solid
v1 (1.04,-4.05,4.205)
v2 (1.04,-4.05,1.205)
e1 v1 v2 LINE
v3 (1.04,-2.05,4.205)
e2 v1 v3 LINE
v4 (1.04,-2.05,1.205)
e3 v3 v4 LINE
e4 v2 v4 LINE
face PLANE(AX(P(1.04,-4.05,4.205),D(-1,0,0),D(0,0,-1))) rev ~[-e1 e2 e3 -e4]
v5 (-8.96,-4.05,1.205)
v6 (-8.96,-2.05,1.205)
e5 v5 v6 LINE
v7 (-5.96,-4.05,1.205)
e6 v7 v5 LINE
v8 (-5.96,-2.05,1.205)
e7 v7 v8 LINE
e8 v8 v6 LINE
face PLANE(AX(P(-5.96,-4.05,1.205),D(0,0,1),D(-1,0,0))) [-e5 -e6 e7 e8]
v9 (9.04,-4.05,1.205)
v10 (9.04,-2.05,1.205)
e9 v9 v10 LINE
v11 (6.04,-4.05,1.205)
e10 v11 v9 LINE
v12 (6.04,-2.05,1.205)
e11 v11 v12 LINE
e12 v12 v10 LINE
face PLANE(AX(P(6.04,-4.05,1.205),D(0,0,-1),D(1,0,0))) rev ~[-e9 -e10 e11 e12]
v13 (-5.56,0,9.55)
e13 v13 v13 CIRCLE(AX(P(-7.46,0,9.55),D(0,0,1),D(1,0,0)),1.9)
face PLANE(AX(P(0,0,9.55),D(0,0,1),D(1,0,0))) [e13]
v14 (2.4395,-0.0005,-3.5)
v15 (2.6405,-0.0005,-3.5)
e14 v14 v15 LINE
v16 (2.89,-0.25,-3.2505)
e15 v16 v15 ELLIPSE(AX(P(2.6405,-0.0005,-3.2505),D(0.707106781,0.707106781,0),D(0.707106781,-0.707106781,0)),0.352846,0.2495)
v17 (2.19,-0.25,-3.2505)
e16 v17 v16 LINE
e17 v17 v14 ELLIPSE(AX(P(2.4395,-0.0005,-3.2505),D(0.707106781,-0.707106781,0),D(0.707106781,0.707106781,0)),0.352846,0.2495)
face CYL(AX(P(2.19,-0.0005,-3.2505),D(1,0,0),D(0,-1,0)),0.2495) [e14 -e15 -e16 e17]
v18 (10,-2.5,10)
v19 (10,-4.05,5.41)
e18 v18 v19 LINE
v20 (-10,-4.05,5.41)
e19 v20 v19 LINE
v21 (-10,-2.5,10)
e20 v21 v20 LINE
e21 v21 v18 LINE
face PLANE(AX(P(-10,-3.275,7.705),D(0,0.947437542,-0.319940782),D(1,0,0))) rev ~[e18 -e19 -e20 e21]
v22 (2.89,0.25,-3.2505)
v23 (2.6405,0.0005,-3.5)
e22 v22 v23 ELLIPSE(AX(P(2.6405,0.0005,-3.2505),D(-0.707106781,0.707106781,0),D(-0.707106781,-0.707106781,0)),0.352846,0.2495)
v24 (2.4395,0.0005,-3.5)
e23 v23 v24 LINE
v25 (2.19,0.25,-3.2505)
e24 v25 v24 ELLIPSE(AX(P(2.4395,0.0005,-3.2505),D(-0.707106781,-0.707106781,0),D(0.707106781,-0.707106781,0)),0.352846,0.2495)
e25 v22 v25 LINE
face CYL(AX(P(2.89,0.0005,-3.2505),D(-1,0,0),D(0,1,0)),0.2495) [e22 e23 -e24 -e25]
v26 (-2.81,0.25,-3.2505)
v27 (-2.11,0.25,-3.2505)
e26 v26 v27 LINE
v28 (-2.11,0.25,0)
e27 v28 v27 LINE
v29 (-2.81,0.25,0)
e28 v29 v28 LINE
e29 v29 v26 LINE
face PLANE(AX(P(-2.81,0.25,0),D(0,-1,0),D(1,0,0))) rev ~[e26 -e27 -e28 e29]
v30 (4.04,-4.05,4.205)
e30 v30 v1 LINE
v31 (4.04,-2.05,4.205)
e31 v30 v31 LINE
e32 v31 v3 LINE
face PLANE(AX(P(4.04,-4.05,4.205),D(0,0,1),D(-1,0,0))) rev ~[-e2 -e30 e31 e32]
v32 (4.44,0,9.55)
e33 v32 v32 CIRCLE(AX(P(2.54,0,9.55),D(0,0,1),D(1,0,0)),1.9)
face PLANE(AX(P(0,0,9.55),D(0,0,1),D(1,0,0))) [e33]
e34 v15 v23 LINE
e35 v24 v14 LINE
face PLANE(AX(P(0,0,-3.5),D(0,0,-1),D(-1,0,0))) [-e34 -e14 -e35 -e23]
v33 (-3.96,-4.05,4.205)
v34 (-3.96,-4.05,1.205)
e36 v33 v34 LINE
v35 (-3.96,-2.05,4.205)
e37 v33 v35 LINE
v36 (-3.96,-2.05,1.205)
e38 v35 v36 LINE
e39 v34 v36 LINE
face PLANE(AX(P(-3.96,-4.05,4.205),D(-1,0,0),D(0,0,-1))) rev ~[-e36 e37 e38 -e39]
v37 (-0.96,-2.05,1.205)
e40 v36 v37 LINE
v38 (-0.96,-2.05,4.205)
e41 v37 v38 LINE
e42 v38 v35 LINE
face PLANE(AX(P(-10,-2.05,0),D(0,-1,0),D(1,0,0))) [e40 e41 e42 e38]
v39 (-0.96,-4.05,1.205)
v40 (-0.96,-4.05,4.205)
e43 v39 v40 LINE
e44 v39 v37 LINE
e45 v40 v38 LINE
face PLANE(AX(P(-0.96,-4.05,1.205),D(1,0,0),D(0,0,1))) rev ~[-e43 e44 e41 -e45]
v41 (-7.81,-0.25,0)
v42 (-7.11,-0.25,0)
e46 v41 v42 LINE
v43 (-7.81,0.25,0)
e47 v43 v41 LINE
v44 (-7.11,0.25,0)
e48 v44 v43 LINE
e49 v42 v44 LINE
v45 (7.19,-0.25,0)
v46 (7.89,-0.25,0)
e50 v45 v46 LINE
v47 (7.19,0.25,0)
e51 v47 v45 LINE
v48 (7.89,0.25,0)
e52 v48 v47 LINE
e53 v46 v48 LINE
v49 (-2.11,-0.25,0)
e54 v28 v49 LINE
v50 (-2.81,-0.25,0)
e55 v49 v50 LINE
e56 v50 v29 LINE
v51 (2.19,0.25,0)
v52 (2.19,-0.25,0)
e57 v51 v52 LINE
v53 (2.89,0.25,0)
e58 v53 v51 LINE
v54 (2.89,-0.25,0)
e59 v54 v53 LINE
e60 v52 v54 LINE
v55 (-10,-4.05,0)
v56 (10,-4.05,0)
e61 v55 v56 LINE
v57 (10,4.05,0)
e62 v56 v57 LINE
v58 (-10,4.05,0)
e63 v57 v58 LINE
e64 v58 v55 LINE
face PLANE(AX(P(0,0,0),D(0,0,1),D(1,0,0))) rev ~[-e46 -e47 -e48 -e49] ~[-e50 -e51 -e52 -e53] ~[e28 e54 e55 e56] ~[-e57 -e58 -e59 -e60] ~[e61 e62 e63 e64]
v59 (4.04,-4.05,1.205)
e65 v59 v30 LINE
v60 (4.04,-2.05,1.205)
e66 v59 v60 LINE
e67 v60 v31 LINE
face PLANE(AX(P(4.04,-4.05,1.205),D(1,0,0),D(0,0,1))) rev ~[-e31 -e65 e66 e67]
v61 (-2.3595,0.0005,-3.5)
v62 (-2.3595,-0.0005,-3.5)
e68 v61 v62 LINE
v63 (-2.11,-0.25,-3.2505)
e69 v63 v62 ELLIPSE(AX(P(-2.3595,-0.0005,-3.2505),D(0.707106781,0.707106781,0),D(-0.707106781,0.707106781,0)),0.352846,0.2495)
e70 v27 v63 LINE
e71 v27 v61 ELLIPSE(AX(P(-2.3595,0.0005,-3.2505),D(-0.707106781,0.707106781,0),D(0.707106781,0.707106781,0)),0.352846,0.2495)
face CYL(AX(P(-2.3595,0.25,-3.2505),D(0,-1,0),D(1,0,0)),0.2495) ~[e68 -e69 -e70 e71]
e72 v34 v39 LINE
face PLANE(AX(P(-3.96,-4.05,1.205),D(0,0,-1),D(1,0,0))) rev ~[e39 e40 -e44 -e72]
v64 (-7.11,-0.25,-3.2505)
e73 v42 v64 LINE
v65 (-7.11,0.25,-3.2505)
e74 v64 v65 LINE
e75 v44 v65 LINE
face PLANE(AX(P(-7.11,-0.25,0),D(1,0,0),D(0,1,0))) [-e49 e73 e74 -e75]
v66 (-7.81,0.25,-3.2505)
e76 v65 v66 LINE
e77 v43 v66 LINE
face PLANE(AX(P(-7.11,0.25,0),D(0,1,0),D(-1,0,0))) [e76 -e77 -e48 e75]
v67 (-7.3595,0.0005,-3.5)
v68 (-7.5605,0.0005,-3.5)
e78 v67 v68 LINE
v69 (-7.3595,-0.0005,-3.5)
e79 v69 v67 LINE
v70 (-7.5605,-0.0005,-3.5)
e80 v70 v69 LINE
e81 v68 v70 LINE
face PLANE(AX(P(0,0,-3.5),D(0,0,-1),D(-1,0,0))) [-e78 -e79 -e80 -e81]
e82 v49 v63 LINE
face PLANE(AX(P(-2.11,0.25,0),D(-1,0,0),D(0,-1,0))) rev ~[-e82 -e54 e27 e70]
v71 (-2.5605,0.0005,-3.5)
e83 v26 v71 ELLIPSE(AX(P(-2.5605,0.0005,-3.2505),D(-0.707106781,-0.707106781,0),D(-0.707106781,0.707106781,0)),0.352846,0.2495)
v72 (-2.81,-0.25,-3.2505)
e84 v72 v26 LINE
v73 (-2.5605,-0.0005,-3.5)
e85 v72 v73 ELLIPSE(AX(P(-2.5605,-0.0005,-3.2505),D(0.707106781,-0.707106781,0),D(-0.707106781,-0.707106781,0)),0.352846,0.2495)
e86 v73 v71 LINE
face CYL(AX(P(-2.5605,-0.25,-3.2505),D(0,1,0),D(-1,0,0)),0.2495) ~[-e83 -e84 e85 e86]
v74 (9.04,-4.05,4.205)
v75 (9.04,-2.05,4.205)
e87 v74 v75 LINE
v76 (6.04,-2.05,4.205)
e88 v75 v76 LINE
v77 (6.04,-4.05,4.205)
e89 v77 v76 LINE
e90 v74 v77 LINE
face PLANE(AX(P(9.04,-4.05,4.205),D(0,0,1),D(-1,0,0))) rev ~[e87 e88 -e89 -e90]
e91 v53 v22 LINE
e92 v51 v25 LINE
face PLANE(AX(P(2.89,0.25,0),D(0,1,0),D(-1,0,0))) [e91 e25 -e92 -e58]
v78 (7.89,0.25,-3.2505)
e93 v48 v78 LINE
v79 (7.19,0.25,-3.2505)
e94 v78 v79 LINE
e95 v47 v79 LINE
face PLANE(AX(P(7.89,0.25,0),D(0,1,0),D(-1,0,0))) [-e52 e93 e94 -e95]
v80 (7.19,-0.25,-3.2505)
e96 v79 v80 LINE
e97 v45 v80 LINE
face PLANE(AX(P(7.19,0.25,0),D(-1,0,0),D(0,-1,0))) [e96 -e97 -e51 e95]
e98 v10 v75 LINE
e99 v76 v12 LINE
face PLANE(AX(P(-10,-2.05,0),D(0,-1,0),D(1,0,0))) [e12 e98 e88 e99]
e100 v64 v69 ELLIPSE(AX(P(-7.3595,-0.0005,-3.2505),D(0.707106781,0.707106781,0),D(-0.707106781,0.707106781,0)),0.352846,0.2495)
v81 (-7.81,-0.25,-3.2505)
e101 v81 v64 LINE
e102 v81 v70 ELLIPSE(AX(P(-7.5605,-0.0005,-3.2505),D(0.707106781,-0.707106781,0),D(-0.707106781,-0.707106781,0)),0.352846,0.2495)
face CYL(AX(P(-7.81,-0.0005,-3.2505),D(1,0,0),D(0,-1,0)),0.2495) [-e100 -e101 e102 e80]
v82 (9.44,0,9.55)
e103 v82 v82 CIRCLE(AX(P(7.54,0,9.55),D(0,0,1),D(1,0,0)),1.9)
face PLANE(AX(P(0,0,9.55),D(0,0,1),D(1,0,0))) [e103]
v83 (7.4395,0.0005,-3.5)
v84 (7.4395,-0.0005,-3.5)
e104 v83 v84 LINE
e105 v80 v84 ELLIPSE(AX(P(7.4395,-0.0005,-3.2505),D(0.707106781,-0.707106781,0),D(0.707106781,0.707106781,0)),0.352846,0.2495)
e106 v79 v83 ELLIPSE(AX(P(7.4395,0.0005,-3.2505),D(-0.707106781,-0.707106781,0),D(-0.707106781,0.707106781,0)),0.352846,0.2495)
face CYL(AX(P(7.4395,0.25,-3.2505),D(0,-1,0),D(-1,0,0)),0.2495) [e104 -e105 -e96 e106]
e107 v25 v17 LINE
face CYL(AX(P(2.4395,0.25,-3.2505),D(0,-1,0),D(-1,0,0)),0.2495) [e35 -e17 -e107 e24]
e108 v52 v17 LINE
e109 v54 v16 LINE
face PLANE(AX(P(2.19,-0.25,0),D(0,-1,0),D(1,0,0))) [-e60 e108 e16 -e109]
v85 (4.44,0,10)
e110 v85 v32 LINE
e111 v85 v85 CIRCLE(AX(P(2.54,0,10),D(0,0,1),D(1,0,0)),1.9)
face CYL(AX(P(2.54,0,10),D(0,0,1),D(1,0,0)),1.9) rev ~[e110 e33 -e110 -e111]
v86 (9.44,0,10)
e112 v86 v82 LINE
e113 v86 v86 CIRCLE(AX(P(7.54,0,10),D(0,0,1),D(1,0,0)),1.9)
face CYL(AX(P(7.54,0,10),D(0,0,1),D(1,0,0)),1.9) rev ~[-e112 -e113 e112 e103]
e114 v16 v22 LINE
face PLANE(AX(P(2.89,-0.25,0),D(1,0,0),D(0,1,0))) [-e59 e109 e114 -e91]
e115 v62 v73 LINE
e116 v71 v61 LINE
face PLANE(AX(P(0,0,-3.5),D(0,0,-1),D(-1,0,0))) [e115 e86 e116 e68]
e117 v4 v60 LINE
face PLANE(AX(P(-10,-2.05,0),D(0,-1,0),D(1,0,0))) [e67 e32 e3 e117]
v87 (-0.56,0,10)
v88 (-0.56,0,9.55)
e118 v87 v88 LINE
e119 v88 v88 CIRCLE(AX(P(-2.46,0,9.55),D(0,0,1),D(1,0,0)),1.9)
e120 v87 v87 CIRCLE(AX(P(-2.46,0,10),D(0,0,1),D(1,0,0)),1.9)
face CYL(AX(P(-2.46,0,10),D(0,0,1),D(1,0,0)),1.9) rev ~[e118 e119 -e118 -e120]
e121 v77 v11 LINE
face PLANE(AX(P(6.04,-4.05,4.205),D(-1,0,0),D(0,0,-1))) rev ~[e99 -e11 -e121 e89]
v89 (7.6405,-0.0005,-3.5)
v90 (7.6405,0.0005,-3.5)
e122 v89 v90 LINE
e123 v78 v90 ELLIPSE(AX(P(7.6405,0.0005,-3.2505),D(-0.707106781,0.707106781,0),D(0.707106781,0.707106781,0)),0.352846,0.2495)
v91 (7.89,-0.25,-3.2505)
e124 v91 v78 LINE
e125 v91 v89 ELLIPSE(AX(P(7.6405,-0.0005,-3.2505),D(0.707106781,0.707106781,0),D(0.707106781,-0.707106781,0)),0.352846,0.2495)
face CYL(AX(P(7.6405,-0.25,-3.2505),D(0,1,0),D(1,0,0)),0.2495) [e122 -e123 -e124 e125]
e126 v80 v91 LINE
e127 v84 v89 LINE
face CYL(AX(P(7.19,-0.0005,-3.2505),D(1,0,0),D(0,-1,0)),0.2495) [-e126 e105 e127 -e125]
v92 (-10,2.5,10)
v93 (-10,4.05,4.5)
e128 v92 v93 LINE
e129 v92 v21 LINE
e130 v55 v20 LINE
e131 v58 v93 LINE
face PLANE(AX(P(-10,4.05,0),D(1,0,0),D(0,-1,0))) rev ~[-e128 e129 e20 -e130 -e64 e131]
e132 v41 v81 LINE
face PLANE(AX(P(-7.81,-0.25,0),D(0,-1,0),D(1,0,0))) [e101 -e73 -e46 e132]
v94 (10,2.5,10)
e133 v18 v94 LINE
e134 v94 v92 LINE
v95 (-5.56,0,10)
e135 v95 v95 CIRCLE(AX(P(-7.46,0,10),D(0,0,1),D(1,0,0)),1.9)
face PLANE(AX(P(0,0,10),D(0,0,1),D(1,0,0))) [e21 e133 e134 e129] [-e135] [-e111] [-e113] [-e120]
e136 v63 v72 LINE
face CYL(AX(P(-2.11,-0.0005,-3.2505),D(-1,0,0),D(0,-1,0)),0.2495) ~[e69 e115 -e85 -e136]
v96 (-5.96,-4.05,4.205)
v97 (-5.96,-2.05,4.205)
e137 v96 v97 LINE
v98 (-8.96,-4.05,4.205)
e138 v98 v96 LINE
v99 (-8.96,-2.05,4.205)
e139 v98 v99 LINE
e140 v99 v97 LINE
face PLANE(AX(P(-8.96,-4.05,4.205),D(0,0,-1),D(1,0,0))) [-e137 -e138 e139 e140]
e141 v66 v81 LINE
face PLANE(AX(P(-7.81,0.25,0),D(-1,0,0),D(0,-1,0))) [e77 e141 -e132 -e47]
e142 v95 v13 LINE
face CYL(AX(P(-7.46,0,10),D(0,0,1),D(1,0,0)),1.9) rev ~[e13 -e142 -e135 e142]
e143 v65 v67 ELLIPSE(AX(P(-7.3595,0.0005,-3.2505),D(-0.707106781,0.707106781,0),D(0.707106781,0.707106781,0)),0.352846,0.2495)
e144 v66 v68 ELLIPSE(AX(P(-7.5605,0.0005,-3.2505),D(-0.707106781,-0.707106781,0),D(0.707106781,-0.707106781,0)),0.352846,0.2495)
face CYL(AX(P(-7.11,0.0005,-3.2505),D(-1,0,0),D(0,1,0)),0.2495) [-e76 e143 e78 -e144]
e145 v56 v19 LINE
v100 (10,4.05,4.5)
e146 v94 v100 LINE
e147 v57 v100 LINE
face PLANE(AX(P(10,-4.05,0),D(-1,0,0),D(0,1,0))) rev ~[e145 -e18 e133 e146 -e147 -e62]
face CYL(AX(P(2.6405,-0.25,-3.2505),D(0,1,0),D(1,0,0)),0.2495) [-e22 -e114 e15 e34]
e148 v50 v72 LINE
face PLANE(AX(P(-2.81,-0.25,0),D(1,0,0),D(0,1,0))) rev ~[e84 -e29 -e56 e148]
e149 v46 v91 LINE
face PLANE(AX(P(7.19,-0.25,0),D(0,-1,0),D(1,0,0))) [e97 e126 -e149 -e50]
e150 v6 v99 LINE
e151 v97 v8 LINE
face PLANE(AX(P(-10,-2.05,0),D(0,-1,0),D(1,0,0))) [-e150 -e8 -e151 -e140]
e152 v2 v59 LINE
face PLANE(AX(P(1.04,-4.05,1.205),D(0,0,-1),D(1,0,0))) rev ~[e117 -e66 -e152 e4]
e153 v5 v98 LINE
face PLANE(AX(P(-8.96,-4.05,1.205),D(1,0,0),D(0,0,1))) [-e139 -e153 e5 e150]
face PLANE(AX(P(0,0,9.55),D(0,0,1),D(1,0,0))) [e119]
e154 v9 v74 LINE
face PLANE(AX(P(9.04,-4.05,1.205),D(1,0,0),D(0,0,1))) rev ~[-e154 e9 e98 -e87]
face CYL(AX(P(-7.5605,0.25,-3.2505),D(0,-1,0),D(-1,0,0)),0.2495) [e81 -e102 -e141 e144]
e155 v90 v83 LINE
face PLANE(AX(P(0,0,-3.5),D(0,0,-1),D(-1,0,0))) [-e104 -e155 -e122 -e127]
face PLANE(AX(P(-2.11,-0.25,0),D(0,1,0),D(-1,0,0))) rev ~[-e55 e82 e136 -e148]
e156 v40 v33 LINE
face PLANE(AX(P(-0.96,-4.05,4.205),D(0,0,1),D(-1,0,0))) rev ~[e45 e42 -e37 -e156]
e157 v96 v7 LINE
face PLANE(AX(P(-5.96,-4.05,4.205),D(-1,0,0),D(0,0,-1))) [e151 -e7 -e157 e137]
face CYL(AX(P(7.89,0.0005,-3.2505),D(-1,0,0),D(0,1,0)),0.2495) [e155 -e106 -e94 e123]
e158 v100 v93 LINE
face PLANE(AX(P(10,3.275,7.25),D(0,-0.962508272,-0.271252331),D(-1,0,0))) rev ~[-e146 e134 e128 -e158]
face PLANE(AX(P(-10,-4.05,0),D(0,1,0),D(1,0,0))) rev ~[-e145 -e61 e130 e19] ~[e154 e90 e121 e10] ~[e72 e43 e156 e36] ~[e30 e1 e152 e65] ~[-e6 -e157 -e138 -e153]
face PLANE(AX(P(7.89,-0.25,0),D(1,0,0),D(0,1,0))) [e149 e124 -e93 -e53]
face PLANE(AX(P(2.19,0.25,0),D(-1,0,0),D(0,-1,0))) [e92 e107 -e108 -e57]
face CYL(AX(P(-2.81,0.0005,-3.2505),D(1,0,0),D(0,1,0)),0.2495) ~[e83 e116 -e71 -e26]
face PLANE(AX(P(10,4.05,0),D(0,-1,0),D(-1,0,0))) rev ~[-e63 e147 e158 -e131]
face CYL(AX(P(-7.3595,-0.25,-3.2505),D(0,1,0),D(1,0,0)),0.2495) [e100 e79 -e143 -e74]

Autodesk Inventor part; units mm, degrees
ref_plane "YZ Plane" through (0, 0, 0) normal (1, 0, 0) x (0, 1, 0)
ref_plane "XZ Plane" through (0, 0, 0) normal (0, 1, 0) x (-1, 0, 0)
ref_plane "XY Plane" through (0, 0, 0) normal (0, 0, 1) x (1, 0, 0)
sketch "Skizze1" plane through (0, 0, 0) normal (0, 0, 1) x (1, 0, 0)
  line L0 (-10, -4.05) -> (10, -4.05)
  line L1 (10, -4.05) -> (10, 4.05)
  line L2 (10, 4.05) -> (-10, 4.05)
  line L3 (-10, 4.05) -> (-10, -4.05)
  line L4 (-10, -4.05) -> (10, 4.05) construction
  line L5 (10, -4.05) -> (-10, 4.05) construction
  point P0 (0, 0)
  dimension "d0" = 20
  dimension "d1" = 8.1
extrude "Extrusion1" add sketch "Skizze1" along normal blind 10
sketch "Skizze2" plane through (0, 0, 10) normal (0, 0, 1) x (1, 0, 0)
  circle A0 centre (-7.46, 0) radius 1.9
  circle A1 centre (-2.46, 0) radius 1.9
  line L0 (-10, 4.05) -> (-10, -4.05) projected
  circle A2 centre (2.54, 0) radius 1.9
  circle A3 centre (7.54, 0) radius 1.9
  point P0 (0, 0)
  point P1 (-10, 0)
  dimension "d6" = 3.8
  dimension "d7" = 3.8
  dimension "d56" = 2.54
  dimension "d57" = 5
  dimension "d58" = 3.8
  dimension "d59" = 3.8
  dimension "d60" = 5
  dimension "d61" = 5
extrude "Extrusion2" cut sketch "Skizze2" against normal blind 0.45
chamfer "Fasen1" distance 1.55 distance2 4.59 1 edges at (0, -4.05, 10) measured on face at (-0.7437, -3.3287, 10)
chamfer "Fasen2" distance 1.55 distance2 5.5 1 edges at (0, 4.05, 10) measured on face at (0.7703, 3.3287, 10)
sketch "Skizze3" plane through (0, 0, 0) normal (0, 0, -1) x (-1, 0, 0)
  line L0 (2.81, 0.25) -> (2.11, 0.25)
  line L1 (2.11, 0.25) -> (2.11, -0.25)
  line L2 (2.11, -0.25) -> (2.81, -0.25)
  line L3 (2.81, -0.25) -> (2.81, 0.25)
  line L4 (2.81, 0.25) -> (2.11, -0.25) construction
  line L5 (2.11, 0.25) -> (2.81, -0.25) construction
  line L6 (7.11, 0.25) -> (7.81, 0.25)
  line L7 (7.81, 0.25) -> (7.81, -0.25)
  line L8 (7.81, -0.25) -> (7.11, -0.25)
  line L9 (7.11, -0.25) -> (7.11, 0.25)
  line L10 (7.11, 0.25) -> (7.81, -0.25) construction
  line L11 (7.81, 0.25) -> (7.11, -0.25) construction
  line L12 (10, 4.05) -> (10, -4.05) projected
  line L13 (-2.19, -0.25) -> (-2.89, -0.25)
  line L14 (-2.89, -0.25) -> (-2.89, 0.25)
  line L15 (-2.89, 0.25) -> (-2.19, 0.25)
  line L16 (-2.19, 0.25) -> (-2.19, -0.25)
  line L17 (-2.19, -0.25) -> (-2.89, 0.25) construction
  line L18 (-2.89, -0.25) -> (-2.19, 0.25) construction
  line L19 (-7.19, -0.25) -> (-7.89, -0.25)
  line L20 (-7.89, -0.25) -> (-7.89, 0.25)
  line L21 (-7.89, 0.25) -> (-7.19, 0.25)
  line L22 (-7.19, 0.25) -> (-7.19, -0.25)
  line L23 (-7.19, -0.25) -> (-7.89, 0.25) construction
  line L24 (-7.89, -0.25) -> (-7.19, 0.25) construction
  point P0 (2.46, 0)
  point P1 (7.46, 0)
  point P2 (-2.54, 0)
  point P3 (-7.54, 0)
  dimension "d18" = 0.7
  dimension "d19" = 0.5
  dimension "d20" = 0.7
  dimension "d21" = 0.5
  dimension "d43" = 2.54
  dimension "d45" = 5
  dimension "d48" = 0.7
  dimension "d49" = 0.5
  dimension "d50" = 5
  dimension "d51" = 0.7
  dimension "d52" = 0.5
  dimension "d53" = 5
extrude "Extrusion3" add sketch "Skizze3" along normal blind 3.5
fillet "Rundung1" radius 0.25 16 edges at (-7.81, 0, -3.5) (-7.11, 0, -3.5) (-7.46, -0.25, -3.5) (-7.46, 0.25, -3.5) (-2.46, -0.25, -3.5) (-2.81, 0, -3.5) (-2.46, 0.25, -3.5) (-2.11, 0, -3.5) (2.54, -0.25, -3.5) (2.19, 0, -3.5) (2.54, 0.25, -3.5) (2.89, 0, -3.5) (7.54, -0.25, -3.5) (7.89, 0, -3.5) (7.54, 0.25, -3.5) (7.19, 0, -3.5)
sketch "Skizze5" plane through (-10, -4.05, 0) normal (0, -1, 0) x (1, 0, 0)
  line L0 (4.04, 1.205) -> (1.04, 1.205)
  line L1 (1.04, 1.205) -> (1.04, 4.205)
  line L2 (1.04, 4.205) -> (4.04, 4.205)
  line L3 (4.04, 4.205) -> (4.04, 1.205)
  line L4 (4.04, 1.205) -> (1.04, 4.205) construction
  line L5 (1.04, 1.205) -> (4.04, 4.205) construction
  line L6 (6.04, 1.205) -> (9.04, 1.205)
  line L7 (9.04, 1.205) -> (9.04, 4.205)
  line L8 (9.04, 4.205) -> (6.04, 4.205)
  line L9 (6.04, 4.205) -> (6.04, 1.205)
  line L10 (6.04, 1.205) -> (9.04, 4.205) construction
  line L11 (9.04, 1.205) -> (6.04, 4.205) construction
  line L12 (11.04, 1.205) -> (14.04, 1.205)
  line L13 (14.04, 1.205) -> (14.04, 4.205)
  line L14 (14.04, 4.205) -> (11.04, 4.205)
  line L15 (11.04, 4.205) -> (11.04, 1.205)
  line L16 (11.04, 1.205) -> (14.04, 4.205) construction
  line L17 (14.04, 1.205) -> (11.04, 4.205) construction
  line L18 (0, 0) -> (0, 5.41) projected
  line L19 (16.04, 1.205) -> (19.04, 1.205)
  line L20 (19.04, 1.205) -> (19.04, 4.205)
  line L21 (19.04, 4.205) -> (16.04, 4.205)
  line L22 (16.04, 4.205) -> (16.04, 1.205)
  line L23 (16.04, 1.205) -> (19.04, 4.205) construction
  line L24 (19.04, 1.205) -> (16.04, 4.205) construction
  point P0 (10, 0)
  point P1 (2.54, 2.705)
  point P2 (7.54, 2.705)
  point P3 (12.54, 2.705)
  point P4 (17.54, 2.705)
  dimension "d27" = 3
  dimension "d28" = 3
  dimension "d29" = 3
  dimension "d30" = 3
  dimension "d31" = 3
  dimension "d32" = 3
  dimension "d33" = 2.54
  dimension "d34" = 5
  dimension "d35" = 5
  dimension "d40" = 3
  dimension "d41" = 3
  dimension "d42" = 5
extrude "Extrusion5" cut sketch "Skizze5" against normal blind 2
properties part number "Schraubklemme_1x3"
